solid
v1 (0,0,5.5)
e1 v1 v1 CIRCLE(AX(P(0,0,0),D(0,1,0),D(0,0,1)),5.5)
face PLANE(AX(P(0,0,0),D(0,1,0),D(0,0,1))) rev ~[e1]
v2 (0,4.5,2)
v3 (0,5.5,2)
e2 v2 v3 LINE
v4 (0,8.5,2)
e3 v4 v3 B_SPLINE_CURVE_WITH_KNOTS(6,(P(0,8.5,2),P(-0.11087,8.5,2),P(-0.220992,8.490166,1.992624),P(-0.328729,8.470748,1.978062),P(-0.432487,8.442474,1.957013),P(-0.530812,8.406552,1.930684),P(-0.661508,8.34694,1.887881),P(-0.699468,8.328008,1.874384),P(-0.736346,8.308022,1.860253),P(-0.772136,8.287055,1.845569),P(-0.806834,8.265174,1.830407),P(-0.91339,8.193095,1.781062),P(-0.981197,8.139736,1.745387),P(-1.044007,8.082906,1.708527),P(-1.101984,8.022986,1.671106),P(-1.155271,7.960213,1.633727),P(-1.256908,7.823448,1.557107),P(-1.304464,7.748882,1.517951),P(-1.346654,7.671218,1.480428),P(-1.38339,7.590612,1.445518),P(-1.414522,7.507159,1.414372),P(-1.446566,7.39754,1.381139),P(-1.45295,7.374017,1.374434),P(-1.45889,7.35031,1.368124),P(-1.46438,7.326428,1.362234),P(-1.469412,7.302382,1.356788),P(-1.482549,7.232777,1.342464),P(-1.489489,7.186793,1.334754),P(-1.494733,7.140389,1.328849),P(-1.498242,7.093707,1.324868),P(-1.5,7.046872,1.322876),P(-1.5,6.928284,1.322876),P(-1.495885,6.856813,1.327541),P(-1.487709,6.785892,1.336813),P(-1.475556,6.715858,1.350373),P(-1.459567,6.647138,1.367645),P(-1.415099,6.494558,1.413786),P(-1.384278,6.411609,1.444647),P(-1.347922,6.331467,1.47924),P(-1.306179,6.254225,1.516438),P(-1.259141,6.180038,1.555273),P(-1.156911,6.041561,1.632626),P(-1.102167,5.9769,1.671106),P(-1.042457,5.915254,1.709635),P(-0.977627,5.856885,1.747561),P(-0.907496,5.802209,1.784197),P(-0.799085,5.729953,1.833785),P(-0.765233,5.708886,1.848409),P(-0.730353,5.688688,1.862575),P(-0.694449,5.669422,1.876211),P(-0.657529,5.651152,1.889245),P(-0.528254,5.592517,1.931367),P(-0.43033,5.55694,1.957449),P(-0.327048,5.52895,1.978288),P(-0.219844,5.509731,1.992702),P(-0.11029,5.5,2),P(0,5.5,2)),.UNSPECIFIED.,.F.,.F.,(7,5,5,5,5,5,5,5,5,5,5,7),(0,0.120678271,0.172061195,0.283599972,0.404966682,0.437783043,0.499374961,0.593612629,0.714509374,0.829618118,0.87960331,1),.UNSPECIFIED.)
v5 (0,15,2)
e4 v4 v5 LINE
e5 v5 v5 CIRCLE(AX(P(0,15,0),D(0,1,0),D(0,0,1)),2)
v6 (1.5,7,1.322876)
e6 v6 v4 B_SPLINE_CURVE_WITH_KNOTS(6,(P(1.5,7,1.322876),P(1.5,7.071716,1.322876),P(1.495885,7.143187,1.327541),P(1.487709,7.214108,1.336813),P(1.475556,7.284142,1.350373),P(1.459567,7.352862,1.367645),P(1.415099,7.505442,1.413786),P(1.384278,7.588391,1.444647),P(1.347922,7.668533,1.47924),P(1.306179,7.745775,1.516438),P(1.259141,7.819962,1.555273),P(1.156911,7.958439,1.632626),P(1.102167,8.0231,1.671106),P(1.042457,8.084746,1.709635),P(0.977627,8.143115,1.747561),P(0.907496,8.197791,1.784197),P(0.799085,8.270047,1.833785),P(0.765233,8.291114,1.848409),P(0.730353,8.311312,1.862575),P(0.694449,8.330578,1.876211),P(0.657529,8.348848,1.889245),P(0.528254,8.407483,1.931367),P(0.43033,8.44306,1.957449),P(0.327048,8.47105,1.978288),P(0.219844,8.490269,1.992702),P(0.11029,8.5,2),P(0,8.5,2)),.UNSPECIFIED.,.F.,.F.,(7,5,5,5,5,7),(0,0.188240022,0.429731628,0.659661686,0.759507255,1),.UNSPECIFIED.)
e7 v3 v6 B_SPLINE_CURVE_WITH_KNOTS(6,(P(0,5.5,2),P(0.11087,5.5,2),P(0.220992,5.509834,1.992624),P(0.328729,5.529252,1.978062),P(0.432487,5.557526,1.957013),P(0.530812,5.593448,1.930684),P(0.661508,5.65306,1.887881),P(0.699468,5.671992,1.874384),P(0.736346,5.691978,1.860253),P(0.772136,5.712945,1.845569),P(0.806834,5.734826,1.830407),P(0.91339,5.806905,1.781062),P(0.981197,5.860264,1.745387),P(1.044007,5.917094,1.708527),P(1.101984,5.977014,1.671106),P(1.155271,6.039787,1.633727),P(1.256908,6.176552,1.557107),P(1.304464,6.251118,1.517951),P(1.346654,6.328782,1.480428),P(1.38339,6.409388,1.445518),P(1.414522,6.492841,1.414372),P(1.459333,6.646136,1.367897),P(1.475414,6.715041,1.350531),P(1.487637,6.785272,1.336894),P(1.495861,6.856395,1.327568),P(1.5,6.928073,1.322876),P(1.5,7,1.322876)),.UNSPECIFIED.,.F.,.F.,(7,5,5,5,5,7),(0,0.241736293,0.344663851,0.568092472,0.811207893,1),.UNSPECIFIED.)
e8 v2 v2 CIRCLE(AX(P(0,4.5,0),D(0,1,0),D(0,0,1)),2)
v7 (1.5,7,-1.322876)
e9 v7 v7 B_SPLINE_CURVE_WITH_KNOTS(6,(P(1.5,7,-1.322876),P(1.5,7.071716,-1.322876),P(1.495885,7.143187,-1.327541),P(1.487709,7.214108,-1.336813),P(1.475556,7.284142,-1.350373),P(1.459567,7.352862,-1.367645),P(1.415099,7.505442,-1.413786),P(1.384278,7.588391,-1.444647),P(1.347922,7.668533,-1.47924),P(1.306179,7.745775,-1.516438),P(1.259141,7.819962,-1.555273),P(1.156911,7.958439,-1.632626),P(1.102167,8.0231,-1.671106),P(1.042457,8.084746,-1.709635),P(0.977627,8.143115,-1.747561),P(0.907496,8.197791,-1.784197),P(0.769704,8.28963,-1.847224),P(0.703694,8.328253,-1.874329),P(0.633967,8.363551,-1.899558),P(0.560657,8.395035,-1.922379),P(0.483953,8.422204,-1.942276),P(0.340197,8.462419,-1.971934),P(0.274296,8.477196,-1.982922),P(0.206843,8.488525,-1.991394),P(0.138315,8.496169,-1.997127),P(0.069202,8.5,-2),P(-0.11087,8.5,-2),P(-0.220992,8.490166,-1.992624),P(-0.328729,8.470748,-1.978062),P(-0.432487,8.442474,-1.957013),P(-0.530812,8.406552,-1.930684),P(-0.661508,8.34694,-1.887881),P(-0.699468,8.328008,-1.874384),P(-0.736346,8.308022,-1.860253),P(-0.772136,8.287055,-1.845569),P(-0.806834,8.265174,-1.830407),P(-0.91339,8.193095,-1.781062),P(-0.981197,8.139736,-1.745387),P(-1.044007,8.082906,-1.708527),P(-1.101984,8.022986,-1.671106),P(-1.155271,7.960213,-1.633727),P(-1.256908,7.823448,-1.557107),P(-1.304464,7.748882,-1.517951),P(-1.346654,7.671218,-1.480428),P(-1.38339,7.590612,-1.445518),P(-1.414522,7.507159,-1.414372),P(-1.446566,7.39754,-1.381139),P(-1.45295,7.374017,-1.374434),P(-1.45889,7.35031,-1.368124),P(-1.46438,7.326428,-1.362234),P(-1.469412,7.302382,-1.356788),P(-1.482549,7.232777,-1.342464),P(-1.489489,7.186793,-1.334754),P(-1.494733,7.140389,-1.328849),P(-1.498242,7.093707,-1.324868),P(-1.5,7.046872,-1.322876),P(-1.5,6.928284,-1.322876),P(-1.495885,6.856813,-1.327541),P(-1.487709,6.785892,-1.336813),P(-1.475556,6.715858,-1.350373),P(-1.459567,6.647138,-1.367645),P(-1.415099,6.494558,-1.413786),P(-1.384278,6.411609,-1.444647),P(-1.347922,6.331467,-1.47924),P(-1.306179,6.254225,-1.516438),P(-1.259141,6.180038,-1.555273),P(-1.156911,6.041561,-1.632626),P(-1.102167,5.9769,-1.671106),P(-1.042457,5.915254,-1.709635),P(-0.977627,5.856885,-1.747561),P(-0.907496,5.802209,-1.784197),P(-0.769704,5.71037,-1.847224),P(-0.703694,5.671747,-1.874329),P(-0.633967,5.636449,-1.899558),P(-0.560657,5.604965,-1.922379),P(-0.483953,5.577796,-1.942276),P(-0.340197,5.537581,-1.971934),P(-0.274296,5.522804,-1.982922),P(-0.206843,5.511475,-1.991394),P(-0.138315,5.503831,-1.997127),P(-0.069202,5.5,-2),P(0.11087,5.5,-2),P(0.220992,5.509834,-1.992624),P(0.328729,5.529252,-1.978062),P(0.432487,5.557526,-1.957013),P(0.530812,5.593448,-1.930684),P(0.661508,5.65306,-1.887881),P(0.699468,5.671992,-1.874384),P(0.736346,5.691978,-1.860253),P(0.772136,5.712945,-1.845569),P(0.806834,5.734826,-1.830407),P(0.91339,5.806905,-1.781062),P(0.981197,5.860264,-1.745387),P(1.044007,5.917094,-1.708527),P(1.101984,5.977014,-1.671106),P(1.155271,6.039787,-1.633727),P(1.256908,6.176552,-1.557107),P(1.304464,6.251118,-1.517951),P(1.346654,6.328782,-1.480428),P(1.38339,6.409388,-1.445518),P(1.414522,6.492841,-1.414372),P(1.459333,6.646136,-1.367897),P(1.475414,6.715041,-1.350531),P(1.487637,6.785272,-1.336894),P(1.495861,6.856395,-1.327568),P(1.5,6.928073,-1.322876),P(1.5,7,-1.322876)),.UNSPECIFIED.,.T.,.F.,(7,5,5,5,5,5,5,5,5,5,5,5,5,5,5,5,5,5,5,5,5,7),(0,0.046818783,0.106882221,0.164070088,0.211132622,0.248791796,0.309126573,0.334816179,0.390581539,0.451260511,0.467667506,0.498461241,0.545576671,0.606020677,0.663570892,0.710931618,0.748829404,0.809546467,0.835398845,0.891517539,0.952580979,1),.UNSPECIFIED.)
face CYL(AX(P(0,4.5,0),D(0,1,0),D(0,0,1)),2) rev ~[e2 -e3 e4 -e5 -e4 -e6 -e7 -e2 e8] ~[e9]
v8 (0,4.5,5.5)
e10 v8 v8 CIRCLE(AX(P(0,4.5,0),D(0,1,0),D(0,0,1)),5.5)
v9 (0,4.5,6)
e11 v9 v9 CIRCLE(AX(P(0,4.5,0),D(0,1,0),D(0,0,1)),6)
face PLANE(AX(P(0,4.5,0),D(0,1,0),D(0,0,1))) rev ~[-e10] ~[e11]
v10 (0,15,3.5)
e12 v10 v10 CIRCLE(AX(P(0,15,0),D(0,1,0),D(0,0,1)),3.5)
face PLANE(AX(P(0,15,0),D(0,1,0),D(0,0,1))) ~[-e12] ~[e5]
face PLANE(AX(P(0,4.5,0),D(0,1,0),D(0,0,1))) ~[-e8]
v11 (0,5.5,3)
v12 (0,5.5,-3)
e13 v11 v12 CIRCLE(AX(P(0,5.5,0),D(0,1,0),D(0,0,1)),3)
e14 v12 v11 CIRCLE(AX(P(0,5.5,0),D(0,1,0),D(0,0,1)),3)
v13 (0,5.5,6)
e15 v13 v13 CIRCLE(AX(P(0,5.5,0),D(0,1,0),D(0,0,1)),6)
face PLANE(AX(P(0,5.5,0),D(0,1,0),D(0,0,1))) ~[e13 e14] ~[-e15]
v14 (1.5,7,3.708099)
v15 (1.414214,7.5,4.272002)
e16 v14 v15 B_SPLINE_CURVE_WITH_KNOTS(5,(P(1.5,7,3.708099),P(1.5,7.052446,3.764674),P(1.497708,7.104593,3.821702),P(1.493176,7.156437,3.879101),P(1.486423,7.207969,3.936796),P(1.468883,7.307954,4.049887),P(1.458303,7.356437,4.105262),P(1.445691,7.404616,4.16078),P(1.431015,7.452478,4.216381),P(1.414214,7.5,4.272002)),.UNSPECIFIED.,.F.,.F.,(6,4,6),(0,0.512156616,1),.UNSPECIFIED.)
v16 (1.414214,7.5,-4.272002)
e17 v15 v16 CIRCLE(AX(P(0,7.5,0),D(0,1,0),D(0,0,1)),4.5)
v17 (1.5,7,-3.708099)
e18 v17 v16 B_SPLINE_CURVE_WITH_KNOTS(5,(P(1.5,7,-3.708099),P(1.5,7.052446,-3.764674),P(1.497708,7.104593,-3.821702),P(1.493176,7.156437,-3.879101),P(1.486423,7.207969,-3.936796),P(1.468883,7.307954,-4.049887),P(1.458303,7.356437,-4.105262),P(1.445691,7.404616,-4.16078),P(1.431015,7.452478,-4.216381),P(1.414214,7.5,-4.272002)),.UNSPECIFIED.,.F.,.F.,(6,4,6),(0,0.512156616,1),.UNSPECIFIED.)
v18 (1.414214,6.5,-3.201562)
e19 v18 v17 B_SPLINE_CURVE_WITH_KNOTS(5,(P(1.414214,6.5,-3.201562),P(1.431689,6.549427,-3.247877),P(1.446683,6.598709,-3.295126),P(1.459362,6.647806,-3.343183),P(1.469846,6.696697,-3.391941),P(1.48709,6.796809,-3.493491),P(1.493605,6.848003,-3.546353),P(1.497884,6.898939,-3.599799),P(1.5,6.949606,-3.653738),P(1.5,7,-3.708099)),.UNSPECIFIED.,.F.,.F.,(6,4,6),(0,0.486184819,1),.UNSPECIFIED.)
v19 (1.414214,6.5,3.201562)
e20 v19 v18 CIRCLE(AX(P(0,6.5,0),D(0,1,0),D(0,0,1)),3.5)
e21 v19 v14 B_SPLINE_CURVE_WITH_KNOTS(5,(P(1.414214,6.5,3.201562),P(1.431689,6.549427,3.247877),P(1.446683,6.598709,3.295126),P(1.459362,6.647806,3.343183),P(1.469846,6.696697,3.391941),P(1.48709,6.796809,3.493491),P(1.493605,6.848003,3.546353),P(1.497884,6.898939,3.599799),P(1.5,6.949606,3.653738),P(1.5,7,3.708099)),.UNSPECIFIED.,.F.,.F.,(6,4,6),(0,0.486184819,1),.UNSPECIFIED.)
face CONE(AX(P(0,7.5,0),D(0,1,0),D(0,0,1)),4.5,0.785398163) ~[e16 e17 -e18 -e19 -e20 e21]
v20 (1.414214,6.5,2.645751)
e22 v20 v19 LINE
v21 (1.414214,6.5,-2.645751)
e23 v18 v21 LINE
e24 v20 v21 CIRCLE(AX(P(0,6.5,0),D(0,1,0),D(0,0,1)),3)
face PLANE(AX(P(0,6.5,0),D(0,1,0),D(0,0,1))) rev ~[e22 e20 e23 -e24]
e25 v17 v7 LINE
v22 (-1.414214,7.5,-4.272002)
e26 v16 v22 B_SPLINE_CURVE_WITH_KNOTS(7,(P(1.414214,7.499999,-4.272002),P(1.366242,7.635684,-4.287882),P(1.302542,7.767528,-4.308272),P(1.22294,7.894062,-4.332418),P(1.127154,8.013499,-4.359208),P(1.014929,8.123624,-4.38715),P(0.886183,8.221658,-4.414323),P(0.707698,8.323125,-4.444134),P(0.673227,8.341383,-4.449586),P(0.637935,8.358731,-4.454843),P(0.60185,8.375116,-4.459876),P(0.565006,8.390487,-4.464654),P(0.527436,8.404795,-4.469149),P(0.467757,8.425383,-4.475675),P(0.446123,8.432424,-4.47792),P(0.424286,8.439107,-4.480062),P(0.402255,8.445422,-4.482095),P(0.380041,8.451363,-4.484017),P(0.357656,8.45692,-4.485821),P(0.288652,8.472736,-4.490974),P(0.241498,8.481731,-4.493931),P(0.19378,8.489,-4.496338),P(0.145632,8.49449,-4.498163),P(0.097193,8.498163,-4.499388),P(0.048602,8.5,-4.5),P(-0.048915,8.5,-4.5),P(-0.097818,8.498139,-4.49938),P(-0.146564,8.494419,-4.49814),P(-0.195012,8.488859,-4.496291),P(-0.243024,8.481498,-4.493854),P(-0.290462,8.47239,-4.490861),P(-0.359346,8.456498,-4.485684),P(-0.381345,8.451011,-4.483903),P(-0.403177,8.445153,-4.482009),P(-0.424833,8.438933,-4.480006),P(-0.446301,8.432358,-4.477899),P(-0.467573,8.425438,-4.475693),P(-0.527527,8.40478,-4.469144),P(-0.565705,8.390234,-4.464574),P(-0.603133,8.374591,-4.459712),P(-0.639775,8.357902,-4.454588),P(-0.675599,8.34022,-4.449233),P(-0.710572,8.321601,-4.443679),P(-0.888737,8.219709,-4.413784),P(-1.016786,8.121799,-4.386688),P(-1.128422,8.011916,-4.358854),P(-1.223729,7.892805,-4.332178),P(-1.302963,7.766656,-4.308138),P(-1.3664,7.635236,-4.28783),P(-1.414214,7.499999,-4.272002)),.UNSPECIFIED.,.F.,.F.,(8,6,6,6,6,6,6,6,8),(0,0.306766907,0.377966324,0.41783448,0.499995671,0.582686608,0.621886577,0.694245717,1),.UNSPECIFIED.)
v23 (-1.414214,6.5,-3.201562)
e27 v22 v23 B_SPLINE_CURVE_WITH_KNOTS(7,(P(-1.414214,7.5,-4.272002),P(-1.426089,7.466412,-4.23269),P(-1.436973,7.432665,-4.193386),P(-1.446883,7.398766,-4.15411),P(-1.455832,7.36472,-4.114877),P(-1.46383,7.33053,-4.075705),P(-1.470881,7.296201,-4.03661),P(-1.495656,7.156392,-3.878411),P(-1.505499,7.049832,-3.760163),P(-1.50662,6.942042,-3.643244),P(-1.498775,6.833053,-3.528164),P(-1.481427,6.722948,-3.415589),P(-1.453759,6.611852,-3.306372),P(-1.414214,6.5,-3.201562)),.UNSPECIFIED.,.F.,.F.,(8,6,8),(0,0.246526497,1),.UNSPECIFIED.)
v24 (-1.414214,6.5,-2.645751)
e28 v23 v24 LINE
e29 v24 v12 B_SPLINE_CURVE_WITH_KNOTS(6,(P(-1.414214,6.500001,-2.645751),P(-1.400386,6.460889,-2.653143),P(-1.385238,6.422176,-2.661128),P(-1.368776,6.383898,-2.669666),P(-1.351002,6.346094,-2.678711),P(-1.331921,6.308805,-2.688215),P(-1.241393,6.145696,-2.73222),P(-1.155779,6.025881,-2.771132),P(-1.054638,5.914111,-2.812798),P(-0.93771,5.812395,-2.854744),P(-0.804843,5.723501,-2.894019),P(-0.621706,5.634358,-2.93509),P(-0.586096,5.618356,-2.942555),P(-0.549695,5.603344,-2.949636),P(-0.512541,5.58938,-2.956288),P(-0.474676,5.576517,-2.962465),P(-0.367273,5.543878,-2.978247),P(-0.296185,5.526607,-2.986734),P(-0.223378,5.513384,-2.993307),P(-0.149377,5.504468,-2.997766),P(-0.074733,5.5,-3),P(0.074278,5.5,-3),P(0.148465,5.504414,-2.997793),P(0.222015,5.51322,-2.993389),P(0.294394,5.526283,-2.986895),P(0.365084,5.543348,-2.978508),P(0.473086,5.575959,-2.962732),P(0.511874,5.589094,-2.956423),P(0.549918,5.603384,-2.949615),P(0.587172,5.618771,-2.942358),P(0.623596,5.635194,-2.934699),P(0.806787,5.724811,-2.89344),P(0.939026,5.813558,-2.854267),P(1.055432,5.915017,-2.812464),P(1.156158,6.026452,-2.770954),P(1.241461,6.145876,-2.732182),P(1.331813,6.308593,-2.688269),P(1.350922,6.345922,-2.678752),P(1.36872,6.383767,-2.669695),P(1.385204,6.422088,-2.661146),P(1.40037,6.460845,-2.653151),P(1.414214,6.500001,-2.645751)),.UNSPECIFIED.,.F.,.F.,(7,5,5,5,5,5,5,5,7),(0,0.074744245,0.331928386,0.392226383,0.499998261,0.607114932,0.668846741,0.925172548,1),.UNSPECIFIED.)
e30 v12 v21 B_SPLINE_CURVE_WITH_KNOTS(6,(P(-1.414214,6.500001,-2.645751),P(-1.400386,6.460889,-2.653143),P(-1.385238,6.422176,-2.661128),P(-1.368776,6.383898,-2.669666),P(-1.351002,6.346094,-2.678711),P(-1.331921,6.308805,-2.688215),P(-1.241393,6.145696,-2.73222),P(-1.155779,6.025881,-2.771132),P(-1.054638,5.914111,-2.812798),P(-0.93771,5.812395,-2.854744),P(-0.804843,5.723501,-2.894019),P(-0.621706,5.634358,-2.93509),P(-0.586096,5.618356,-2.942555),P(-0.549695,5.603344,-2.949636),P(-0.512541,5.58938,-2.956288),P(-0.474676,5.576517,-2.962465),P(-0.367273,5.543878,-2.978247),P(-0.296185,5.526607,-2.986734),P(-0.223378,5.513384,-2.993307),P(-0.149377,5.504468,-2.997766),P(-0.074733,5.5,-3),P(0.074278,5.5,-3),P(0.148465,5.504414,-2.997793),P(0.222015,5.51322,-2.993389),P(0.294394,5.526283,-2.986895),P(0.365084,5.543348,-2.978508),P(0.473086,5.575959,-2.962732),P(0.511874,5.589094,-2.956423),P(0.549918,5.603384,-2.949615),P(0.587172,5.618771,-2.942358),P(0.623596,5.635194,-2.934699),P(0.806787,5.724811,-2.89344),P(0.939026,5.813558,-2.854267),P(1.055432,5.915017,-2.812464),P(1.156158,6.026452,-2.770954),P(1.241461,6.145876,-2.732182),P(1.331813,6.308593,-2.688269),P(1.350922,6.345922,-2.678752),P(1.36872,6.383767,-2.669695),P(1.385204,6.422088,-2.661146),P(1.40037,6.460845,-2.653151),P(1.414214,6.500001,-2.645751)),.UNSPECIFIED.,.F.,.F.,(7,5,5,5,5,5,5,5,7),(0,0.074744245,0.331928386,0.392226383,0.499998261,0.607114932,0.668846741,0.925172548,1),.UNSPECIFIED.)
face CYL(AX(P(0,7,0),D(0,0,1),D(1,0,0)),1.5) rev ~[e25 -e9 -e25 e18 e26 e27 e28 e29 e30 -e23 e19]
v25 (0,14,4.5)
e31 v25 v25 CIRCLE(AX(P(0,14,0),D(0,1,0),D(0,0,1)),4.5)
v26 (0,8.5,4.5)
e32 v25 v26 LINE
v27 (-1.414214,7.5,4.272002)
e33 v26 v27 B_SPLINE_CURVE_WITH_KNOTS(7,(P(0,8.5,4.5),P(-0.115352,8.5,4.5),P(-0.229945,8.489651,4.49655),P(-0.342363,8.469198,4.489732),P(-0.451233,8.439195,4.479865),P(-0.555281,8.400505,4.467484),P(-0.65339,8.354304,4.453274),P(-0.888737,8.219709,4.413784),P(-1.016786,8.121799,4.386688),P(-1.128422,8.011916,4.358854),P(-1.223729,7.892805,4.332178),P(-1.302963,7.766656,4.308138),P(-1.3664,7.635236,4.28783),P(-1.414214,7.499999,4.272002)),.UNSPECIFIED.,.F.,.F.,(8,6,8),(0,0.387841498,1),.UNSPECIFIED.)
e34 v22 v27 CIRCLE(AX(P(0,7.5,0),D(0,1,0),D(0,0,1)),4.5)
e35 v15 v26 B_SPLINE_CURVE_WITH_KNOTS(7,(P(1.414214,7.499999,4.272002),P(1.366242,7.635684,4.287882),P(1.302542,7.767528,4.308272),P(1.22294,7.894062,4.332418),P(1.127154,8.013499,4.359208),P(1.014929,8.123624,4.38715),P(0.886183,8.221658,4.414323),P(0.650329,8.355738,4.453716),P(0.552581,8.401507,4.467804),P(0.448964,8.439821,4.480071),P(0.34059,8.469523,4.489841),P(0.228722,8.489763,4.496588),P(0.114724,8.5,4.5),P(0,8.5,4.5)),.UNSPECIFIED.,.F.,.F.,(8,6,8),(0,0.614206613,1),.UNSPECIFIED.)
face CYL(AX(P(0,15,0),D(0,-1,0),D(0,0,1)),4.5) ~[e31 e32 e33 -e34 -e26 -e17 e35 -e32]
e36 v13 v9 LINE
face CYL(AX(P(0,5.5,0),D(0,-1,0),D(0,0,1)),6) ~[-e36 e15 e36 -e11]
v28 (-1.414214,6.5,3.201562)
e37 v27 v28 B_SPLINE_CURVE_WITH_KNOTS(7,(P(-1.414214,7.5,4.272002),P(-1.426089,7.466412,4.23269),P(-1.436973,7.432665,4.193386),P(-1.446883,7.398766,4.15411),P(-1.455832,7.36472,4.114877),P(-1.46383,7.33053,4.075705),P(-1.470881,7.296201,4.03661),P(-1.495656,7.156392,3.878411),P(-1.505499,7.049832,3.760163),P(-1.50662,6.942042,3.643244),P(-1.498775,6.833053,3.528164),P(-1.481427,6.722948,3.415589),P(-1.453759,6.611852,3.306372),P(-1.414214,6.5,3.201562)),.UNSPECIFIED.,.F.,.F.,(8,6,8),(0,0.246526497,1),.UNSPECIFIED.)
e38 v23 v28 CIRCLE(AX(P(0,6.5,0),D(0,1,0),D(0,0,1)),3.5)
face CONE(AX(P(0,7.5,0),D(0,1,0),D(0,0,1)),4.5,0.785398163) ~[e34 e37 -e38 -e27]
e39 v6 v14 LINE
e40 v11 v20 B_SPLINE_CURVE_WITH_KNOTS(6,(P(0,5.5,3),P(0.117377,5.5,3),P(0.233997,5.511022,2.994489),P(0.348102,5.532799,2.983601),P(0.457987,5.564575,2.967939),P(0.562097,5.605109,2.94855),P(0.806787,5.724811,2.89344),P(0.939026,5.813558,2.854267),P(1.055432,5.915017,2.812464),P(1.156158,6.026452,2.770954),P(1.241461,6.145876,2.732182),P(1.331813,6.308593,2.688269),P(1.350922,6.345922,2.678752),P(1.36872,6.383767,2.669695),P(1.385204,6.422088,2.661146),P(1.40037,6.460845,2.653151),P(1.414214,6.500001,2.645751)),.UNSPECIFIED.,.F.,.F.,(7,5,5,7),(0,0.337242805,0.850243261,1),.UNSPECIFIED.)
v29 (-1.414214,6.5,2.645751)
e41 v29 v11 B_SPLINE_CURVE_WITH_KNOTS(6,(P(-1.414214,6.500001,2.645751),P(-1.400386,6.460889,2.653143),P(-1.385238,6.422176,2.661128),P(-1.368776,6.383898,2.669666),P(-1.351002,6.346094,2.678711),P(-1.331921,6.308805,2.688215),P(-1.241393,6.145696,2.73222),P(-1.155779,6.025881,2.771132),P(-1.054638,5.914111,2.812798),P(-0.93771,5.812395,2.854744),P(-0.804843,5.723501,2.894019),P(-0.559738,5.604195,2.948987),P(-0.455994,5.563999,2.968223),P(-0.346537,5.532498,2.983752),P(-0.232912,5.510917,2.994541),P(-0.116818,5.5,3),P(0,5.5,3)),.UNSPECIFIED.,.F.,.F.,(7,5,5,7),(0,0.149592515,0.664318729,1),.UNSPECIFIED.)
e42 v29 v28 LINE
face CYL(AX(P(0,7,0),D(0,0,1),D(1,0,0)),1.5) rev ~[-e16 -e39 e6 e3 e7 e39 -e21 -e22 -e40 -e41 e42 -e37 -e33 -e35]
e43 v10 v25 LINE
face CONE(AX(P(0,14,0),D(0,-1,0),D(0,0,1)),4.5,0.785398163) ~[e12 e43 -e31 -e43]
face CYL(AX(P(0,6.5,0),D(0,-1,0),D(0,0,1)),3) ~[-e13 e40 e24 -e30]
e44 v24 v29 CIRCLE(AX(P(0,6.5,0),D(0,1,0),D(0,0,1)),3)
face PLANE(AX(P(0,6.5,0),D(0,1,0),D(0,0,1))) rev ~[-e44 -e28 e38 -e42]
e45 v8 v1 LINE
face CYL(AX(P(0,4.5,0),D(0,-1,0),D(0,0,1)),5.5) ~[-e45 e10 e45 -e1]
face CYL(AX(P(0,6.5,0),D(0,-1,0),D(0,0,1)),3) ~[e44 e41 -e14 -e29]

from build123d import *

# Parameters (mm, degrees)
F2_SIZE  = 1
F3_R     = 1.5
F4_DEPTH = 25


with BuildPart() as f1:
    # F0 (on Right) → F1 (revolve)
    with BuildSketch(Plane.YZ):
        Polygon((4.5, 5.5), (0, 5.5), (0, 0), (4.5, 0), (4.5, 2), (15, 2), (15, 4.5), (6.5, 4.5), (6.5, 3), (5.5, 3), (5.5, 6), (4.5, 6), align=None)
    revolve(axis=Axis((0, 8.7408488616, 0), (0, 1, 0)))

    # F2
    f2_edges = [f1.edges().sort_by_distance(p)[0] for p in [
        (0, 15, -4.5),
        (0, 6.5, -4.5),
    ]]
    chamfer(f2_edges, length=F2_SIZE)

    # F3 (on Top) → F4 (cut, symmetric)
    with BuildSketch(Plane.XY):
        with Locations((0, 7)):
            Circle(F3_R)
    extrude(amount=F4_DEPTH, both=True, mode=Mode.SUBTRACT)


solid = f1.part
